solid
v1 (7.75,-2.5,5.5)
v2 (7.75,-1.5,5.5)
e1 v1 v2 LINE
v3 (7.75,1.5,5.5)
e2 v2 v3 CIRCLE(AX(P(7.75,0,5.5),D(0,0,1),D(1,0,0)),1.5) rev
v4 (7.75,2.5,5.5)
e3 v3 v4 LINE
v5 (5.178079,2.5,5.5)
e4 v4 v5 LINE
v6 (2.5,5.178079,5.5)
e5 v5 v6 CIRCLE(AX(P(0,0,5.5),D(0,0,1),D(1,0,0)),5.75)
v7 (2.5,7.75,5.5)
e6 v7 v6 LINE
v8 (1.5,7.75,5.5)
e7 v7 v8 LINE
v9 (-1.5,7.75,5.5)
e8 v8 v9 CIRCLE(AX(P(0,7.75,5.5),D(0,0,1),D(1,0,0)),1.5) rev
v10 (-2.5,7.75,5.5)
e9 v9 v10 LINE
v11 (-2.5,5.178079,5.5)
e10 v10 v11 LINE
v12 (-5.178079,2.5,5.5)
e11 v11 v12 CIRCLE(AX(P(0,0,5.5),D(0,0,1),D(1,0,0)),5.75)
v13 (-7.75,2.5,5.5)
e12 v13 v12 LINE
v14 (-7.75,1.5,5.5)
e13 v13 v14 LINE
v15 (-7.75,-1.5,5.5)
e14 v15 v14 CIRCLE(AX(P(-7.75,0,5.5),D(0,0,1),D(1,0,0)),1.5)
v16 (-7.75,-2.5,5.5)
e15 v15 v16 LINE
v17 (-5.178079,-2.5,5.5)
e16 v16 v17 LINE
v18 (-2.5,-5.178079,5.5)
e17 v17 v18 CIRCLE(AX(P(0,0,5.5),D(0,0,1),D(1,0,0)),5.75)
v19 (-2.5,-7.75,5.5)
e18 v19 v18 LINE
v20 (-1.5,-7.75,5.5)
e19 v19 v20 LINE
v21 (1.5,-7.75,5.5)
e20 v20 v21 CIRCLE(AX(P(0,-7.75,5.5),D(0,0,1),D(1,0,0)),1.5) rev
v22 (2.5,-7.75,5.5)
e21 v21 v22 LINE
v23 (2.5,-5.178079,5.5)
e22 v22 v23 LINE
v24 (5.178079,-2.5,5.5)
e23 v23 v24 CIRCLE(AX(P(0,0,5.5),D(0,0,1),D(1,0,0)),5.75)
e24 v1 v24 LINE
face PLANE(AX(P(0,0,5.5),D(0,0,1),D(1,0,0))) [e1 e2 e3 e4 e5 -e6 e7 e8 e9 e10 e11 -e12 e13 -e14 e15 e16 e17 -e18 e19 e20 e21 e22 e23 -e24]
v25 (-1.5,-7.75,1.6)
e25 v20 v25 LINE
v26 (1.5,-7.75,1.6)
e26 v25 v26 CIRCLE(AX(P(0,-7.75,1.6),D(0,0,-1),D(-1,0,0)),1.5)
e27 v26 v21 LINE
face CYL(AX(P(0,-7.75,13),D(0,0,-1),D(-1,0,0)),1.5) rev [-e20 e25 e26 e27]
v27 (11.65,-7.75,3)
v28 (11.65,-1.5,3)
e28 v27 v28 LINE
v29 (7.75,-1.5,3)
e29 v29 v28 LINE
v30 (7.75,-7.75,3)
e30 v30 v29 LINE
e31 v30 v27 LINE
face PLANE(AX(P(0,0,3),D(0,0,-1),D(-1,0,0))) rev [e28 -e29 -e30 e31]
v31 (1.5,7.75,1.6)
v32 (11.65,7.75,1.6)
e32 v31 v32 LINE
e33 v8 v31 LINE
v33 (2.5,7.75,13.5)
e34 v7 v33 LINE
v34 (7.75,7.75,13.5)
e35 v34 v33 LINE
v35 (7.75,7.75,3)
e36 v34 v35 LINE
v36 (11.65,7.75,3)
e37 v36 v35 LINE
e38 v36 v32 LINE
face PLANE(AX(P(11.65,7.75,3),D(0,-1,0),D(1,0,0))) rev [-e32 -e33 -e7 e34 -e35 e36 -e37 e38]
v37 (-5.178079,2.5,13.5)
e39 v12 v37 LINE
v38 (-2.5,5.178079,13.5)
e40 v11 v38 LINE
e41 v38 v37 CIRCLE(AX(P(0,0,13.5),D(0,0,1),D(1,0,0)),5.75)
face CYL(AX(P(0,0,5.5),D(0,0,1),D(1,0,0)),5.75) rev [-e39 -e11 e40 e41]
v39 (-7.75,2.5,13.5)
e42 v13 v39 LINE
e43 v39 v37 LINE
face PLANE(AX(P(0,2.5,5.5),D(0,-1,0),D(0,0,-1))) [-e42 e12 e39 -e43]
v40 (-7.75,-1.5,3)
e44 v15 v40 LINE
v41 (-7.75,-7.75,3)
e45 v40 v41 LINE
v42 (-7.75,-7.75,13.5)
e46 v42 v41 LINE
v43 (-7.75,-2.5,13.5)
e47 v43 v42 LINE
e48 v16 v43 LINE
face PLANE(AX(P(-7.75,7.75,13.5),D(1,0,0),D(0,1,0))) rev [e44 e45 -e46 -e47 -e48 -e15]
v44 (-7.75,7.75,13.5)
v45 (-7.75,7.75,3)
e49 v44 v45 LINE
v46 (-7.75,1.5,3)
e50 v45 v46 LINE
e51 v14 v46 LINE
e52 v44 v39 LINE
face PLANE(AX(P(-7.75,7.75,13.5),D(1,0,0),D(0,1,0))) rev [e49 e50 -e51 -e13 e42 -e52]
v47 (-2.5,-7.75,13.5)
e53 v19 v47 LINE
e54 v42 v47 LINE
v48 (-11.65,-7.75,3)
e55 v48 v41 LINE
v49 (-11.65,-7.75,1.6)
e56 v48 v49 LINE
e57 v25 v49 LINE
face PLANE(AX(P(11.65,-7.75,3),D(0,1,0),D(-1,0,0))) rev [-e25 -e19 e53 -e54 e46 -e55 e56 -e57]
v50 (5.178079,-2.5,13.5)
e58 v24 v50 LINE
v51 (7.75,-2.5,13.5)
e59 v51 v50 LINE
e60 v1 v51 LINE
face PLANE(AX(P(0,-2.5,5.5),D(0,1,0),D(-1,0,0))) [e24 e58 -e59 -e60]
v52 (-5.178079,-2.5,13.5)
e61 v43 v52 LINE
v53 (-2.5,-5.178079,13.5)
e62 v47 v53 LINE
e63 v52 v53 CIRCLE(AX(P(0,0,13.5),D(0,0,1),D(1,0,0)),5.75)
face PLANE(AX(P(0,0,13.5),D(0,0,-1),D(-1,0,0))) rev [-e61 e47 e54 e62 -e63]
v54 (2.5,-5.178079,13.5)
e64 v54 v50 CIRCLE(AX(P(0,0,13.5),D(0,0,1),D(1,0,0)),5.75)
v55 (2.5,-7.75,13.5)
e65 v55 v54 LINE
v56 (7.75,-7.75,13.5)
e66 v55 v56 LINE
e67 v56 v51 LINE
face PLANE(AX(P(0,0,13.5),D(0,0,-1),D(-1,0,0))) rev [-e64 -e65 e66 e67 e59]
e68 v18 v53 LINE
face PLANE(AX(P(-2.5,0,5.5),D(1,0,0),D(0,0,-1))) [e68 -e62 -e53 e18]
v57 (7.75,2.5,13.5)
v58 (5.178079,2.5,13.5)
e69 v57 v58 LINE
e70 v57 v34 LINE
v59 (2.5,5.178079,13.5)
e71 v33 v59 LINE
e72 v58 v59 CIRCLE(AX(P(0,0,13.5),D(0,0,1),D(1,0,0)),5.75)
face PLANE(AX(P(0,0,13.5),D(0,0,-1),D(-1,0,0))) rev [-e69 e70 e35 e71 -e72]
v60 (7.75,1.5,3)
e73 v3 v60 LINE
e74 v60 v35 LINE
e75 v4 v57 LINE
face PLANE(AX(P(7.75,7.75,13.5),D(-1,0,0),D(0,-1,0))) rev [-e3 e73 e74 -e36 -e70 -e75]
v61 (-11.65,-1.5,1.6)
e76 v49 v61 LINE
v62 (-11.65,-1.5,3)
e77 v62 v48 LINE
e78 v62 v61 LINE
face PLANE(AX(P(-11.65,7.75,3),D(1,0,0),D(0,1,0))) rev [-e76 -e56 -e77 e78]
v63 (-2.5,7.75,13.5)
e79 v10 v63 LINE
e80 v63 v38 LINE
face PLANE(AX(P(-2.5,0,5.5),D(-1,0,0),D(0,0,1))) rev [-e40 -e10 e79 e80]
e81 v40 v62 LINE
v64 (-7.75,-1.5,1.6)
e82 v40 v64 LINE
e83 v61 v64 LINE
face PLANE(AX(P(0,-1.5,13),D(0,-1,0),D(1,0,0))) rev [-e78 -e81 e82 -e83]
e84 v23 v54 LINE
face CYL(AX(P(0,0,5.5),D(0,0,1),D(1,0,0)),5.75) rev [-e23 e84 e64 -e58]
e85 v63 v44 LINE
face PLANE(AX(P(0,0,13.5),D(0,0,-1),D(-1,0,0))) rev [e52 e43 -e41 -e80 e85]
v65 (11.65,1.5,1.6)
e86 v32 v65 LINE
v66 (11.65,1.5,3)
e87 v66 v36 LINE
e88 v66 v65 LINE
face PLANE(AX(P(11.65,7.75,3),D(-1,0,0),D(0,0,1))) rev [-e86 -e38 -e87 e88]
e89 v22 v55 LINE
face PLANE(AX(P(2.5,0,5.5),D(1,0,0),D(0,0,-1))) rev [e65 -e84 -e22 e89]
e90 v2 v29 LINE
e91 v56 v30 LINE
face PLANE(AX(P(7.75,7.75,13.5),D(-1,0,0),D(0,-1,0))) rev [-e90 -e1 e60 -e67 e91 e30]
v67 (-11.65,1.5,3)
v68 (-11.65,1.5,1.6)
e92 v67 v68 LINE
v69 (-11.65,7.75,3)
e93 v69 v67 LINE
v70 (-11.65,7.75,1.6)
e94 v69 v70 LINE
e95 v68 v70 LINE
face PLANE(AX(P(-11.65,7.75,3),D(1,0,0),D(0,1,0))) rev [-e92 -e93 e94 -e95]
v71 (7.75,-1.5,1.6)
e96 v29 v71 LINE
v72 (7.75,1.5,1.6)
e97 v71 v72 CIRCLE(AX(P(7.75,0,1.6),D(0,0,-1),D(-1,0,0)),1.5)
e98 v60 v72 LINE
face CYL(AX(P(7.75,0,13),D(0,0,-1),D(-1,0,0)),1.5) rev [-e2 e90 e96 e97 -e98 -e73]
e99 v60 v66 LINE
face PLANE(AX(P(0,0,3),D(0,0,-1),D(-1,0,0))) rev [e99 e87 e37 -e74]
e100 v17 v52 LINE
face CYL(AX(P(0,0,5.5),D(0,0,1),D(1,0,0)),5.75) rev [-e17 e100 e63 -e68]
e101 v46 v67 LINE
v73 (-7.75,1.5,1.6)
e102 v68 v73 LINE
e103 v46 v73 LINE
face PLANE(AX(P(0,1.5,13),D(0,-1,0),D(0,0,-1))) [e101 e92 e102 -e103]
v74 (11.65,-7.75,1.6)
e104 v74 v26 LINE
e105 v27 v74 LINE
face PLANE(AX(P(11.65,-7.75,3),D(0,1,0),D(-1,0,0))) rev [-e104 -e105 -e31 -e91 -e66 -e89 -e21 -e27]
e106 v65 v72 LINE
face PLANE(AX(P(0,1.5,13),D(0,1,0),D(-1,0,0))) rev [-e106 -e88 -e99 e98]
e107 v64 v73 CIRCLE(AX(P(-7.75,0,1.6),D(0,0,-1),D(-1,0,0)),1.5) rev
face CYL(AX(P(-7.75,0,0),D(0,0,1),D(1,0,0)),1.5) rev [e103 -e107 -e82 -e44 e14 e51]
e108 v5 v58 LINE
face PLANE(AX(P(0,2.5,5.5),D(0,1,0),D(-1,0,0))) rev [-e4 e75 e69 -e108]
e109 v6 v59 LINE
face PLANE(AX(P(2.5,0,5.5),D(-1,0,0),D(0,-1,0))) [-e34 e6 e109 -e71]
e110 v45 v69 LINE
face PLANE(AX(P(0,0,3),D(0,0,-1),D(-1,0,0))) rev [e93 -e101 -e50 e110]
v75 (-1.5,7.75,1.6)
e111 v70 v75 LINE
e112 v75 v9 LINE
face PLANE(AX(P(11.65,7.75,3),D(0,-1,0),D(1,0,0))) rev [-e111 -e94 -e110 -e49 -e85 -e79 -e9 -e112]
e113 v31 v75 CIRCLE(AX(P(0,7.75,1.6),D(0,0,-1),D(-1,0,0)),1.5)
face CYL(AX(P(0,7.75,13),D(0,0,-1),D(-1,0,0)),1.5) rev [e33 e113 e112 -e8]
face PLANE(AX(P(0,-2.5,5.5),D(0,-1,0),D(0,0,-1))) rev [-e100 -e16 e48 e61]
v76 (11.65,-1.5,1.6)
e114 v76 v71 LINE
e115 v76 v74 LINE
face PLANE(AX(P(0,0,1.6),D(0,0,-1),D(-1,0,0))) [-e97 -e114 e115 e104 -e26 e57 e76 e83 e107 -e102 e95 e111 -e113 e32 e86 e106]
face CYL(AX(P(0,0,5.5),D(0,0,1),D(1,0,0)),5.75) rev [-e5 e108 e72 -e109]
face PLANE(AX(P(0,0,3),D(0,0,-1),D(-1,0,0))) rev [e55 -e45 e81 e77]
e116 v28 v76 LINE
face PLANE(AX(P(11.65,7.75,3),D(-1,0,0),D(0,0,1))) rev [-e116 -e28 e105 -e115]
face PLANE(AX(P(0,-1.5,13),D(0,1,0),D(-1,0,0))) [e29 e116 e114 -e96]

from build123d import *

# Parameters (mm, degrees)
SKETCH1_W               = 23.3
SKETCH1_H               = 15.5
BOSS_EXTRUDE1_DEPTH     = 3
SKETCH2_W               = 15.5
SKETCH2_H               = 15.5
BOSS_EXTRUDE2_DEPTH     = 10.5
CUT_EXTRUDE1_DEPTH      = 8
CUT_EXTRUDE2_DEPTH      = 10
CUT_EXTRUDE2_DEPTH_BACK = 3
SKETCH4_R               = 1.5
SKETCH5_W               = 35.704226427
SKETCH5_H               = 23.298790068
CUT_EXTRUDE3_DEPTH      = 1.6


with BuildPart() as part:
    # Sketch1 → Boss-Extrude1 (new body)
    with BuildSketch(Plane.XY):
        Rectangle(SKETCH1_W, SKETCH1_H)
    extrude(amount=BOSS_EXTRUDE1_DEPTH)

    # Sketch2 → Boss-Extrude2 (add)
    with BuildSketch(Plane.XY.offset(3)):
        Rectangle(SKETCH2_W, SKETCH2_H)
    extrude(amount=BOSS_EXTRUDE2_DEPTH)

    # Sketch3 → Cut-Extrude1 (cut)
    with BuildSketch(Plane.XY.offset(13.5)):
        with BuildLine():
            Line((-2.5, 4.304165553), (-2.5, 5.178078794))
            ThreePointArc((-2.5, 5.178078794), (-4.065863992, 4.065863992), (-5.178078794, 2.5))
            Line((-5.178078794, 2.5), (-5.178078794, -2.5))
            ThreePointArc((-5.178078794, -2.5), (-4.065863992, -4.065863992), (-2.5, -5.178078794))
            Line((-2.5, -5.178078794), (-2.5, -3.82452247))
            Line((-2.5, -3.82452247), (2.5, -3.82452247))
            Line((2.5, -3.82452247), (2.5, -5.178078794))
            ThreePointArc((2.5, -5.178078794), (4.065863992, -4.065863992), (5.178078794, -2.5))
            Line((5.178078794, -2.5), (3.988610893, -2.5))
            Line((3.988610893, -2.5), (3.988610893, 2.5))
            Line((3.988610893, 2.5), (5.178078794, 2.5))
            ThreePointArc((5.178078794, 2.5), (4.065863992, 4.065863992), (2.5, 5.178078794))
            Line((2.5, 5.178078794), (2.5, 4.304165553))
            Line((2.5, 4.304165553), (-2.5, 4.304165553))
        make_face()
        with BuildLine():
            Line((-5.178078794, -2.5), (-5.178078794, 2.5))
            ThreePointArc((-5.178078794, 2.5), (-5.75, 0), (-5.178078794, -2.5))
        make_face()
        with BuildLine():
            ThreePointArc((-5.178078794, -2.5), (-5.75, 0), (-5.178078794, 2.5))
            Line((-5.178078794, 2.5), (-7.75, 2.5))
            Line((-7.75, 2.5), (-7.75, -2.5))
            Line((-7.75, -2.5), (-5.178078794, -2.5))
        make_face()
        with BuildLine():
            ThreePointArc((2.5, 5.178078794), (0, 5.75), (-2.5, 5.178078794))
            Line((-2.5, 5.178078794), (-2.5, 4.304165553))
            Line((-2.5, 4.304165553), (2.5, 4.304165553))
            Line((2.5, 4.304165553), (2.5, 5.178078794))
        make_face()
        with BuildLine():
            Line((2.5, 7.75), (-2.5, 7.75))
            Line((-2.5, 7.75), (-2.5, 5.178078794))
            ThreePointArc((-2.5, 5.178078794), (0, 5.75), (2.5, 5.178078794))
            Line((2.5, 5.178078794), (2.5, 7.75))
        make_face()
        with BuildLine():
            Line((7.75, 2.5), (5.178078794, 2.5))
            ThreePointArc((5.178078794, 2.5), (5.605196387, 1.28229227), (5.75, 0))
            ThreePointArc((5.75, 0), (5.605196387, -1.28229227), (5.178078794, -2.5))
            Line((5.178078794, -2.5), (7.75, -2.5))
            Line((7.75, -2.5), (7.75, 2.5))
        make_face()
        with BuildLine():
            ThreePointArc((5.75, 0), (5.605196387, 1.28229227), (5.178078794, 2.5))
            Line((5.178078794, 2.5), (3.988610893, 2.5))
            Line((3.988610893, 2.5), (3.988610893, -2.5))
            Line((3.988610893, -2.5), (5.178078794, -2.5))
            ThreePointArc((5.178078794, -2.5), (5.605196387, -1.28229227), (5.75, 0))
        make_face()
        with BuildLine():
            Line((-2.5, -3.82452247), (-2.5, -5.178078794))
            ThreePointArc((-2.5, -5.178078794), (0, -5.75), (2.5, -5.178078794))
            Line((2.5, -5.178078794), (2.5, -3.82452247))
            Line((2.5, -3.82452247), (-2.5, -3.82452247))
        make_face()
        with BuildLine():
            ThreePointArc((2.5, -5.178078794), (0, -5.75), (-2.5, -5.178078794))
            Line((-2.5, -5.178078794), (-2.5, -7.75))
            Line((-2.5, -7.75), (2.5, -7.75))
            Line((2.5, -7.75), (2.5, -5.178078794))
        make_face()
    extrude(amount=-CUT_EXTRUDE1_DEPTH, mode=Mode.SUBTRACT)

    # Sketch4 → Cut-Extrude2 (cut, two sides: drawn at the far end of the back side and taken through both)
    with BuildSketch(Plane.XY.offset(3).offset(-CUT_EXTRUDE2_DEPTH_BACK)):
        with Locations((0, 7.75)):
            Circle(SKETCH4_R)
        with Locations((7.75, 0)):
            Circle(SKETCH4_R)
        with BuildLine():
            Line((11.65, 1.5), (7.75, 1.5))
            ThreePointArc((7.75, 1.5), (8.810660172, 1.060660172), (9.25, 0))
            ThreePointArc((9.25, 0), (8.810660172, -1.060660172), (7.75, -1.5))
            Line((7.75, -1.5), (11.65, -1.5))
            Line((11.65, -1.5), (11.65, 1.5))
        make_face()
        with BuildLine():
            ThreePointArc((-7.75, -1.5), (-9.25, 0), (-7.75, 1.5))
            Line((-7.75, 1.5), (-11.65, 1.5))
            Line((-11.65, 1.5), (-11.65, -1.5))
            Line((-11.65, -1.5), (-7.75, -1.5))
        make_face()
        with BuildLine():
            Line((-7.75, -1.5), (-7.75, 1.5))
            ThreePointArc((-7.75, 1.5), (-9.25, 0), (-7.75, -1.5))
        make_face()
        with BuildLine():
            ThreePointArc((-6.25, 0), (-6.689339828, 1.060660172), (-7.75, 1.5))
            Line((-7.75, 1.5), (-7.75, -1.5))
            ThreePointArc((-7.75, -1.5), (-6.689339828, -1.060660172), (-6.25, 0))
        make_face()
        with Locations((0, -7.75)):
            Circle(SKETCH4_R)
    extrude(amount=CUT_EXTRUDE2_DEPTH + CUT_EXTRUDE2_DEPTH_BACK, mode=Mode.SUBTRACT)

    # Sketch5 → Cut-Extrude3 (cut)
    with BuildSketch(Plane(origin=(0, 0, 0), x_dir=(-1, 0, 0), z_dir=(0, 0, -1))):
        with Locations((1.840090656, -1.042081913)):
            Rectangle(SKETCH5_W, SKETCH5_H)
    extrude(amount=-CUT_EXTRUDE3_DEPTH, mode=Mode.SUBTRACT)


solid = part.part
